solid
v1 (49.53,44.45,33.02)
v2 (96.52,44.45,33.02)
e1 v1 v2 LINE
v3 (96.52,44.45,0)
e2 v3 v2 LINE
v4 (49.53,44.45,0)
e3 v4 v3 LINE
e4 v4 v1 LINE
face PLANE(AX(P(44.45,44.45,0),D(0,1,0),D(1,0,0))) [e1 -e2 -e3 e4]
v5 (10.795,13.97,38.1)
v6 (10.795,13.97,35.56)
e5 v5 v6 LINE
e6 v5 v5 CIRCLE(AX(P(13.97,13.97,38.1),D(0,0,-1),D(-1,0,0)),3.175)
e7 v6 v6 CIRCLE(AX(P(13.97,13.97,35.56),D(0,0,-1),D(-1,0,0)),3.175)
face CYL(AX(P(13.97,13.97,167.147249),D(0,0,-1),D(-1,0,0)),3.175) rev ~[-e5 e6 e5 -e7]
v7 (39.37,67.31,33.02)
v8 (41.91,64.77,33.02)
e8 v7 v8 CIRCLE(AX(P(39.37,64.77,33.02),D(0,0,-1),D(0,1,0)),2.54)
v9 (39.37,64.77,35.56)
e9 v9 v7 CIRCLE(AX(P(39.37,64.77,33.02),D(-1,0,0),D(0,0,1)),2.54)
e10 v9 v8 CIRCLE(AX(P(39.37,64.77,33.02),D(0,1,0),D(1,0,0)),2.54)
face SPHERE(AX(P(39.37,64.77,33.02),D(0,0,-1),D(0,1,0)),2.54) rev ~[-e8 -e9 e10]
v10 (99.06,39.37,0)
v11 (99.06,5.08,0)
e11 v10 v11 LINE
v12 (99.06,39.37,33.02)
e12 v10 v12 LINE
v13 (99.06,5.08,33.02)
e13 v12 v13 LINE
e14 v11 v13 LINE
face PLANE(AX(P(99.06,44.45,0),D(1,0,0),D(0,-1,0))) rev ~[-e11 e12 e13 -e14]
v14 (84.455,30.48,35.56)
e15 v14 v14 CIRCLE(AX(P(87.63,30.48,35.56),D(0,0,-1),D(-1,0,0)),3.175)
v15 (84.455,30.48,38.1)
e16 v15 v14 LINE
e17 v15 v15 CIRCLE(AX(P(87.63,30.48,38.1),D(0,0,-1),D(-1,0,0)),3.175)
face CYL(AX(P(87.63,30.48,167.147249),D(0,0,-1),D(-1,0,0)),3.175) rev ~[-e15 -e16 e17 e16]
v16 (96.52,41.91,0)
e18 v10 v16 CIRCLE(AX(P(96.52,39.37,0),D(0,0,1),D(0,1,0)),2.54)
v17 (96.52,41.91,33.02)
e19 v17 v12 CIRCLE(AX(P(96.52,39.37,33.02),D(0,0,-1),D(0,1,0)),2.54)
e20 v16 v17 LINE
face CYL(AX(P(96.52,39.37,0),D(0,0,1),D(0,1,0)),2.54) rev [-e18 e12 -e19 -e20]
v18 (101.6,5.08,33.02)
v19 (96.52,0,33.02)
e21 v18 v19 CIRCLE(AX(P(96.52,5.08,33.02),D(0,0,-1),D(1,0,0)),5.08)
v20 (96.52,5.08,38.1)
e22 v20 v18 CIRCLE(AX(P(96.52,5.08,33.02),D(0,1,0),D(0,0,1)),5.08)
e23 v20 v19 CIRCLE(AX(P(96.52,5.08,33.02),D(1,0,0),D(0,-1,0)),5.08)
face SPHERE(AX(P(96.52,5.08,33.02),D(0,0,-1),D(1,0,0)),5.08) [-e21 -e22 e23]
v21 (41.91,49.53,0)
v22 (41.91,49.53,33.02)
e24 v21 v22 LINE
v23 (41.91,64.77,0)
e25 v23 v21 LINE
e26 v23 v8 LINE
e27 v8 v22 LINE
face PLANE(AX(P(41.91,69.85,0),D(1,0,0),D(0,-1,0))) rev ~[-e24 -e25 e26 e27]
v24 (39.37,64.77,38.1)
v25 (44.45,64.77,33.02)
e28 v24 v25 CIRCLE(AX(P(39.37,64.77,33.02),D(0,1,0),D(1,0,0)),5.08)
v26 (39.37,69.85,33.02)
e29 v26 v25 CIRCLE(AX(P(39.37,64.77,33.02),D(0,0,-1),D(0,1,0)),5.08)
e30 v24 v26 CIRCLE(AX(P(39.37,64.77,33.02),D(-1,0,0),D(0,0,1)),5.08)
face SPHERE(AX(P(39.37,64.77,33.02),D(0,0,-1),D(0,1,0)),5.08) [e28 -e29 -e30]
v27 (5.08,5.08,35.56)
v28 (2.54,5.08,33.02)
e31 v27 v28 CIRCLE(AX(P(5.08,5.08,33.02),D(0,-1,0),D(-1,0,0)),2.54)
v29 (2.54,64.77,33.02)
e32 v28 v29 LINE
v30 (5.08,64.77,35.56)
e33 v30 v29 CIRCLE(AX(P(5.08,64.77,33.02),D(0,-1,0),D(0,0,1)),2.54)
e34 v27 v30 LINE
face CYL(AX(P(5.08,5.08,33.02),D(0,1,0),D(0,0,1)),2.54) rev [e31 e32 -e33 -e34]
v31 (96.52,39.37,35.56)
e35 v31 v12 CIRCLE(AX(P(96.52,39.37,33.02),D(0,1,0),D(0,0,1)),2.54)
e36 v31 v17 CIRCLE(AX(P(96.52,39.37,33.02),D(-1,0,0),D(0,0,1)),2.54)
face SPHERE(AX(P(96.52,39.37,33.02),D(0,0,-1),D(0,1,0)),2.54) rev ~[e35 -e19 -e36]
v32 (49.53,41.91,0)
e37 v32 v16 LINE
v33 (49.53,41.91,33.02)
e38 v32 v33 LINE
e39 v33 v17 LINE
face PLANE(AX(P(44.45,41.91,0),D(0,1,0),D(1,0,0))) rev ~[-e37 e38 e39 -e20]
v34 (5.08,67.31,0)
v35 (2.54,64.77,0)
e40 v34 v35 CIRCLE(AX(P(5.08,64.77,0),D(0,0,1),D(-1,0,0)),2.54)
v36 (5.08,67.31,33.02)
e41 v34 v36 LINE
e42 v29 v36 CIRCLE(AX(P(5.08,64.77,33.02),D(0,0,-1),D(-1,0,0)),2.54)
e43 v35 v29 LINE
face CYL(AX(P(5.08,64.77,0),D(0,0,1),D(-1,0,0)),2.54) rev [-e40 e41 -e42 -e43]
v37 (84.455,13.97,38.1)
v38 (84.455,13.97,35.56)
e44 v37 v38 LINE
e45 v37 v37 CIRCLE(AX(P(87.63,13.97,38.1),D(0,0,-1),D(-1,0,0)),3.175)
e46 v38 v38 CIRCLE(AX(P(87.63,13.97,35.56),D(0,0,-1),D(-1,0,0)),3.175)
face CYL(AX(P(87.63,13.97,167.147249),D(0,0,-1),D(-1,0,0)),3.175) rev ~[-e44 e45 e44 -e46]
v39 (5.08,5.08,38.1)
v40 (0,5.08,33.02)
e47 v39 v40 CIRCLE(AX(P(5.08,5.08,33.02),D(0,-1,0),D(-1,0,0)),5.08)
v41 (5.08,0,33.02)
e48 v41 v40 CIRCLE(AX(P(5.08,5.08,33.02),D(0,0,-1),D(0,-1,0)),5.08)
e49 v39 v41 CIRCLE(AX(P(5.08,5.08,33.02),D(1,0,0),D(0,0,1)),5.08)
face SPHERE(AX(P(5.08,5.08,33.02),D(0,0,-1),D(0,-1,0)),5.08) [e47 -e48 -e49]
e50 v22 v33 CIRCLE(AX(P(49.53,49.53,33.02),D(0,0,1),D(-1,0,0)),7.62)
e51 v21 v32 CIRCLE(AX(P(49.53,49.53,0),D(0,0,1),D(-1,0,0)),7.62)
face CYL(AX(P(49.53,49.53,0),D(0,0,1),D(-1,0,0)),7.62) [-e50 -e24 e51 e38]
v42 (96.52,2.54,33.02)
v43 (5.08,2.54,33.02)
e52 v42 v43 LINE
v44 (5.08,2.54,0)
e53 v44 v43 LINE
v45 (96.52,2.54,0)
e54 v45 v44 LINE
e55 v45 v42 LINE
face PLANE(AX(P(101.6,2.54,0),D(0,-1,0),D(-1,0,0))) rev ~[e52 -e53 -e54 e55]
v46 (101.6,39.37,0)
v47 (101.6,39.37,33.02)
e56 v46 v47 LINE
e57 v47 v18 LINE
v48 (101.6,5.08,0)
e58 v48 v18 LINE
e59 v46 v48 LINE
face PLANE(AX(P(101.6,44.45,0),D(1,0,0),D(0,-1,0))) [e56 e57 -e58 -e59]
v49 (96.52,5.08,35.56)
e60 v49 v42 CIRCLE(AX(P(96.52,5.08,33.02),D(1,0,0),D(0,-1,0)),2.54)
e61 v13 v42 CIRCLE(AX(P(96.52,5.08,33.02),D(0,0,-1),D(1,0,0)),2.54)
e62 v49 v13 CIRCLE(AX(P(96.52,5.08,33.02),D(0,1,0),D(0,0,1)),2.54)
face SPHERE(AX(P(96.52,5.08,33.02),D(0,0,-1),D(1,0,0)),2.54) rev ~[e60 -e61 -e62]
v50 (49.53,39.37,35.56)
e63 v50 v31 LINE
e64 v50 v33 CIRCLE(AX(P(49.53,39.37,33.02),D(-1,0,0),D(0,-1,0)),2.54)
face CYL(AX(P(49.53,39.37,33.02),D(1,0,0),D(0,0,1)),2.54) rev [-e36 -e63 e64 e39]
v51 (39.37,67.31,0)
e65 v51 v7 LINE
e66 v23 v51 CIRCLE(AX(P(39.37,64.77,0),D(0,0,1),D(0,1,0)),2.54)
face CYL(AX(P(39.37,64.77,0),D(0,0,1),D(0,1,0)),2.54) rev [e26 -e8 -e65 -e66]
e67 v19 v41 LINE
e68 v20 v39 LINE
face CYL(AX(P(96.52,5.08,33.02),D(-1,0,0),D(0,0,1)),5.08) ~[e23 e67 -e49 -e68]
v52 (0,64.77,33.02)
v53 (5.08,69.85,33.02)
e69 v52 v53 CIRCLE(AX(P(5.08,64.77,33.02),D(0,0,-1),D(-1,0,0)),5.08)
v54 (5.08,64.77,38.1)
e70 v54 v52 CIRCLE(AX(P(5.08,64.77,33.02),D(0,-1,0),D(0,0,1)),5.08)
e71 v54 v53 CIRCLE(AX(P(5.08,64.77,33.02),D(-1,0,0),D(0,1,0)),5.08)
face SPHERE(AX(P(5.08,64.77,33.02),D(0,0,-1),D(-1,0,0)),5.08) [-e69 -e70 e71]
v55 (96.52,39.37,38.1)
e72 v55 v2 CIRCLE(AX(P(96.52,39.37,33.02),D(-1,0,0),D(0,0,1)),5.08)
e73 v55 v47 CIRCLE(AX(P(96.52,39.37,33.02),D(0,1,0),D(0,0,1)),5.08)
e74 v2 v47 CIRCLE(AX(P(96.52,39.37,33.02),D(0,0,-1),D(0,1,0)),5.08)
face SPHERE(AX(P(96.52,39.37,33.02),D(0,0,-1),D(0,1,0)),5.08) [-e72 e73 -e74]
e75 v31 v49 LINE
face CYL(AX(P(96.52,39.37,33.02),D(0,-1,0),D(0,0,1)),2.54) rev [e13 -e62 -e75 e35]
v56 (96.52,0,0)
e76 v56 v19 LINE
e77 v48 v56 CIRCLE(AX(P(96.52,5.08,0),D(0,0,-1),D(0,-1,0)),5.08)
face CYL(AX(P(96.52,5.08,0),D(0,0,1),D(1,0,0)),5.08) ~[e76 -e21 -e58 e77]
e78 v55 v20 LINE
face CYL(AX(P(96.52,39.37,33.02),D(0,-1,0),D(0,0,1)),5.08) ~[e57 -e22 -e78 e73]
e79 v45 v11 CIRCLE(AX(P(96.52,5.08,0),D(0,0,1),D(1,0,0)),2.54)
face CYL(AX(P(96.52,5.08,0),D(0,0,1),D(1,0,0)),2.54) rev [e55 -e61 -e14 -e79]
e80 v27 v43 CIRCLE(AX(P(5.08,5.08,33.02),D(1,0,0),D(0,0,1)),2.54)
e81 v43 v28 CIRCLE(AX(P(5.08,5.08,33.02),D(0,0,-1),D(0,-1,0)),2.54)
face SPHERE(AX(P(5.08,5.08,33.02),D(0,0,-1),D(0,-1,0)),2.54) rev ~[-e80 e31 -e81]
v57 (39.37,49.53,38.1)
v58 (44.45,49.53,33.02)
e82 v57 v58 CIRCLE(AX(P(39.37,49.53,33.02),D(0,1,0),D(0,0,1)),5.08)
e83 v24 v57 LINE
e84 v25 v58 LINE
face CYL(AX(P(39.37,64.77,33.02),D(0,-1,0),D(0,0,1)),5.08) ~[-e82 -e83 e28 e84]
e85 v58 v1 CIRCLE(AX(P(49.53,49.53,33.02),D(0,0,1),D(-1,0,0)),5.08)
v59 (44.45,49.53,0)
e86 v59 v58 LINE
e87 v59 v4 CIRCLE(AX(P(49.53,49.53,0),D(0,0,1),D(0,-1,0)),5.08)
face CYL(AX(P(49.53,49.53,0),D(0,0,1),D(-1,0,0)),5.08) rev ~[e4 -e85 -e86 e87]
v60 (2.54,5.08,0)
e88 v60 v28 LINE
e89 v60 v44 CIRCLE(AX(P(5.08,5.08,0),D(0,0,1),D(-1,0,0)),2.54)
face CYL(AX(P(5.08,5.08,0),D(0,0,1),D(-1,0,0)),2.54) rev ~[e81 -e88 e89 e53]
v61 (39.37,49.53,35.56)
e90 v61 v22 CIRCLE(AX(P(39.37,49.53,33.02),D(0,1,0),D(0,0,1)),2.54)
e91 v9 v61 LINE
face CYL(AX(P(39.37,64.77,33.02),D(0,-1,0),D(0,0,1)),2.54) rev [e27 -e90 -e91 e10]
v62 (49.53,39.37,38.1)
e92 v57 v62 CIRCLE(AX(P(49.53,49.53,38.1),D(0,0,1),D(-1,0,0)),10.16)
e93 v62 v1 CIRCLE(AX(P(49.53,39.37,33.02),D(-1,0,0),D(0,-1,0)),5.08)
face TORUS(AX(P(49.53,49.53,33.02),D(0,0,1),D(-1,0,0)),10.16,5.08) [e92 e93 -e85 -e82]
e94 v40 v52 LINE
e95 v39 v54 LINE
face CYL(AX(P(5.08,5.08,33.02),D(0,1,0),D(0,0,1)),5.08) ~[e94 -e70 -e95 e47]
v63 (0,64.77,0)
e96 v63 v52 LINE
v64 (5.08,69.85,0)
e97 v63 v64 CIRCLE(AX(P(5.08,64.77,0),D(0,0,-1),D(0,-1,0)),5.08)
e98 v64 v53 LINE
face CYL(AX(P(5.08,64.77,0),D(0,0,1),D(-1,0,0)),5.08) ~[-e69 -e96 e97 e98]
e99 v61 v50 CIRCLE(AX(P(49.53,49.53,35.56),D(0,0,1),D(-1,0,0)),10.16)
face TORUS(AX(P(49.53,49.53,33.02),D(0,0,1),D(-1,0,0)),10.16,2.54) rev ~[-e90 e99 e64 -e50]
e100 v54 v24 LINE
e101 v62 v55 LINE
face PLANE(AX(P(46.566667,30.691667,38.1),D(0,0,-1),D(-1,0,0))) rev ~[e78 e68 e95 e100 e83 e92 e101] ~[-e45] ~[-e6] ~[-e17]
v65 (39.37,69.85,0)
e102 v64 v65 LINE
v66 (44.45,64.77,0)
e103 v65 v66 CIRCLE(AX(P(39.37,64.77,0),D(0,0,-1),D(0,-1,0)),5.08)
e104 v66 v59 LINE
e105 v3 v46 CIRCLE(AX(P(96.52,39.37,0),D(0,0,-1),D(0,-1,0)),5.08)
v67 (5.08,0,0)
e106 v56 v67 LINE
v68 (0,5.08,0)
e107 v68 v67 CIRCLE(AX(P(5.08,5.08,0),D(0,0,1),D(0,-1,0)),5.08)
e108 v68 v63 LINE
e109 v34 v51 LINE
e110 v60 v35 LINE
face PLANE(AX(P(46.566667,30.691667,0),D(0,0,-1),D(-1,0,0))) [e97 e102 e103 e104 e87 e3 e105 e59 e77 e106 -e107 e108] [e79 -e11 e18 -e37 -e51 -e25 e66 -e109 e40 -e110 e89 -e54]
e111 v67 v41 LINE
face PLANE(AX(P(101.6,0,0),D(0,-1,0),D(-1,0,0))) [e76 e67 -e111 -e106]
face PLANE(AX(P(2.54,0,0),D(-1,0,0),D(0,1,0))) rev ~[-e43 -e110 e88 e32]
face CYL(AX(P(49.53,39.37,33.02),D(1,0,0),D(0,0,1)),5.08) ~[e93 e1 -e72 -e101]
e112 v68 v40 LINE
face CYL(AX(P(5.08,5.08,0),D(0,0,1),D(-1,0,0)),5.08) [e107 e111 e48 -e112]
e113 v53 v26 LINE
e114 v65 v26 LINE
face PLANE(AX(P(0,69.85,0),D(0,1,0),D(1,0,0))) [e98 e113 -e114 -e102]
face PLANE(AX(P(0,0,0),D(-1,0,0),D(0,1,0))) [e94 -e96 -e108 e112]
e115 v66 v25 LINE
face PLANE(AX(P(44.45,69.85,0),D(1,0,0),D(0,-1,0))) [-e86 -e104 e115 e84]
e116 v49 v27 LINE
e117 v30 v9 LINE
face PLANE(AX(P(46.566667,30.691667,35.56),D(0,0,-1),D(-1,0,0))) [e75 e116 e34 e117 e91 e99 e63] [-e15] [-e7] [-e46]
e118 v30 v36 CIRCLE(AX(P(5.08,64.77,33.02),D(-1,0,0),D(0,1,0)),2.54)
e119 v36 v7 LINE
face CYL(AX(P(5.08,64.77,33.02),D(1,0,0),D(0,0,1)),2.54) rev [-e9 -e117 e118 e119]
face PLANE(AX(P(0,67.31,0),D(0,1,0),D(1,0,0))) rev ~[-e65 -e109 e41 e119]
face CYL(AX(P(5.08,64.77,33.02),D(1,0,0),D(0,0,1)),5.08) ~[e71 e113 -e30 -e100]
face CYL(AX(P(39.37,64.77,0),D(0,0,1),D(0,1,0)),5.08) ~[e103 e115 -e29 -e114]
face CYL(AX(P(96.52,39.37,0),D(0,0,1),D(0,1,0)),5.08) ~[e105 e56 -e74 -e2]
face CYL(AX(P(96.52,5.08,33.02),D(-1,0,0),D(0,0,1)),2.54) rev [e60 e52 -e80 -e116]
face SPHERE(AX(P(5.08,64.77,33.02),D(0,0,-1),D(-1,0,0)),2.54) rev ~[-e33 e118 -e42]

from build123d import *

# Parameters (mm, degrees)
BOSS_EXTRUDE1_DEPTH          = 38.1
FILLET1_R                    = 5.08
FILLET2_R                    = 5.08
SHELL1_T                     = -2.54
F_97_0_0059_DIAMETER_HOLE1_D = 6.35
F_1_4_0_25_DIAMETER_HOLE1_D  = 6.35


with BuildPart() as part:
    # Sketch1 → Boss-Extrude1 (new body)
    with BuildSketch(Plane.XY):
        Polygon((0, 0), (0, 69.85), (44.45, 69.85), (44.45, 44.45), (101.6, 44.45), (101.6, 0), align=None)
    extrude(amount=BOSS_EXTRUDE1_DEPTH)

    # Fillet1
    fillet1_edges = [part.edges().sort_by_distance(p)[0] for p in [
        (0, 0, 19.05),
        (0, 69.85, 19.05),
        (44.45, 69.85, 19.05),
        (44.45, 44.45, 19.05),
        (101.6, 44.45, 19.05),
        (101.6, 0, 19.05),
    ]]
    fillet(fillet1_edges, radius=FILLET1_R)

    # Fillet2
    fillet2_edges = [part.edges().sort_by_distance(p)[0] for p in [
        (101.6, 22.225, 38.1),
        (50.8, 0, 38.1),
        (73.025, 44.45, 38.1),
        (44.45, 57.15, 38.1),
        (22.225, 69.85, 38.1),
        (0, 34.925, 38.1),
        (42.962102448, 68.362102448, 38.1),
        (1.487897552, 68.362102448, 38.1),
        (1.487897552, 1.487897552, 38.1),
        (100.112102448, 42.962102448, 38.1),
        (100.112102448, 1.487897552, 38.1),
        (45.937897552, 45.937897552, 38.1),
    ]]
    fillet(fillet2_edges, radius=FILLET2_R)

    # Shell1
    shell1_openings = [part.faces().sort_by_distance(p)[0] for p in [
        (48.683333333, 38.1, 0),
    ]]
    offset(amount=SHELL1_T, openings=shell1_openings, kind=Kind.INTERSECTION)

    # #97 (0.0059) Diameter Hole1 (through all)
    with Locations(Plane.XY.offset(38.1)):
        with Locations((87.63, 30.48)):
            Hole(F_97_0_0059_DIAMETER_HOLE1_D / 2)

    # 1/4 (0.25) Diameter Hole1 (through all)
    with Locations(Plane.XY.offset(38.1)):
        with Locations((87.63, 13.97), (13.97, 13.97)):
            Hole(F_1_4_0_25_DIAMETER_HOLE1_D / 2)


solid = part.part
